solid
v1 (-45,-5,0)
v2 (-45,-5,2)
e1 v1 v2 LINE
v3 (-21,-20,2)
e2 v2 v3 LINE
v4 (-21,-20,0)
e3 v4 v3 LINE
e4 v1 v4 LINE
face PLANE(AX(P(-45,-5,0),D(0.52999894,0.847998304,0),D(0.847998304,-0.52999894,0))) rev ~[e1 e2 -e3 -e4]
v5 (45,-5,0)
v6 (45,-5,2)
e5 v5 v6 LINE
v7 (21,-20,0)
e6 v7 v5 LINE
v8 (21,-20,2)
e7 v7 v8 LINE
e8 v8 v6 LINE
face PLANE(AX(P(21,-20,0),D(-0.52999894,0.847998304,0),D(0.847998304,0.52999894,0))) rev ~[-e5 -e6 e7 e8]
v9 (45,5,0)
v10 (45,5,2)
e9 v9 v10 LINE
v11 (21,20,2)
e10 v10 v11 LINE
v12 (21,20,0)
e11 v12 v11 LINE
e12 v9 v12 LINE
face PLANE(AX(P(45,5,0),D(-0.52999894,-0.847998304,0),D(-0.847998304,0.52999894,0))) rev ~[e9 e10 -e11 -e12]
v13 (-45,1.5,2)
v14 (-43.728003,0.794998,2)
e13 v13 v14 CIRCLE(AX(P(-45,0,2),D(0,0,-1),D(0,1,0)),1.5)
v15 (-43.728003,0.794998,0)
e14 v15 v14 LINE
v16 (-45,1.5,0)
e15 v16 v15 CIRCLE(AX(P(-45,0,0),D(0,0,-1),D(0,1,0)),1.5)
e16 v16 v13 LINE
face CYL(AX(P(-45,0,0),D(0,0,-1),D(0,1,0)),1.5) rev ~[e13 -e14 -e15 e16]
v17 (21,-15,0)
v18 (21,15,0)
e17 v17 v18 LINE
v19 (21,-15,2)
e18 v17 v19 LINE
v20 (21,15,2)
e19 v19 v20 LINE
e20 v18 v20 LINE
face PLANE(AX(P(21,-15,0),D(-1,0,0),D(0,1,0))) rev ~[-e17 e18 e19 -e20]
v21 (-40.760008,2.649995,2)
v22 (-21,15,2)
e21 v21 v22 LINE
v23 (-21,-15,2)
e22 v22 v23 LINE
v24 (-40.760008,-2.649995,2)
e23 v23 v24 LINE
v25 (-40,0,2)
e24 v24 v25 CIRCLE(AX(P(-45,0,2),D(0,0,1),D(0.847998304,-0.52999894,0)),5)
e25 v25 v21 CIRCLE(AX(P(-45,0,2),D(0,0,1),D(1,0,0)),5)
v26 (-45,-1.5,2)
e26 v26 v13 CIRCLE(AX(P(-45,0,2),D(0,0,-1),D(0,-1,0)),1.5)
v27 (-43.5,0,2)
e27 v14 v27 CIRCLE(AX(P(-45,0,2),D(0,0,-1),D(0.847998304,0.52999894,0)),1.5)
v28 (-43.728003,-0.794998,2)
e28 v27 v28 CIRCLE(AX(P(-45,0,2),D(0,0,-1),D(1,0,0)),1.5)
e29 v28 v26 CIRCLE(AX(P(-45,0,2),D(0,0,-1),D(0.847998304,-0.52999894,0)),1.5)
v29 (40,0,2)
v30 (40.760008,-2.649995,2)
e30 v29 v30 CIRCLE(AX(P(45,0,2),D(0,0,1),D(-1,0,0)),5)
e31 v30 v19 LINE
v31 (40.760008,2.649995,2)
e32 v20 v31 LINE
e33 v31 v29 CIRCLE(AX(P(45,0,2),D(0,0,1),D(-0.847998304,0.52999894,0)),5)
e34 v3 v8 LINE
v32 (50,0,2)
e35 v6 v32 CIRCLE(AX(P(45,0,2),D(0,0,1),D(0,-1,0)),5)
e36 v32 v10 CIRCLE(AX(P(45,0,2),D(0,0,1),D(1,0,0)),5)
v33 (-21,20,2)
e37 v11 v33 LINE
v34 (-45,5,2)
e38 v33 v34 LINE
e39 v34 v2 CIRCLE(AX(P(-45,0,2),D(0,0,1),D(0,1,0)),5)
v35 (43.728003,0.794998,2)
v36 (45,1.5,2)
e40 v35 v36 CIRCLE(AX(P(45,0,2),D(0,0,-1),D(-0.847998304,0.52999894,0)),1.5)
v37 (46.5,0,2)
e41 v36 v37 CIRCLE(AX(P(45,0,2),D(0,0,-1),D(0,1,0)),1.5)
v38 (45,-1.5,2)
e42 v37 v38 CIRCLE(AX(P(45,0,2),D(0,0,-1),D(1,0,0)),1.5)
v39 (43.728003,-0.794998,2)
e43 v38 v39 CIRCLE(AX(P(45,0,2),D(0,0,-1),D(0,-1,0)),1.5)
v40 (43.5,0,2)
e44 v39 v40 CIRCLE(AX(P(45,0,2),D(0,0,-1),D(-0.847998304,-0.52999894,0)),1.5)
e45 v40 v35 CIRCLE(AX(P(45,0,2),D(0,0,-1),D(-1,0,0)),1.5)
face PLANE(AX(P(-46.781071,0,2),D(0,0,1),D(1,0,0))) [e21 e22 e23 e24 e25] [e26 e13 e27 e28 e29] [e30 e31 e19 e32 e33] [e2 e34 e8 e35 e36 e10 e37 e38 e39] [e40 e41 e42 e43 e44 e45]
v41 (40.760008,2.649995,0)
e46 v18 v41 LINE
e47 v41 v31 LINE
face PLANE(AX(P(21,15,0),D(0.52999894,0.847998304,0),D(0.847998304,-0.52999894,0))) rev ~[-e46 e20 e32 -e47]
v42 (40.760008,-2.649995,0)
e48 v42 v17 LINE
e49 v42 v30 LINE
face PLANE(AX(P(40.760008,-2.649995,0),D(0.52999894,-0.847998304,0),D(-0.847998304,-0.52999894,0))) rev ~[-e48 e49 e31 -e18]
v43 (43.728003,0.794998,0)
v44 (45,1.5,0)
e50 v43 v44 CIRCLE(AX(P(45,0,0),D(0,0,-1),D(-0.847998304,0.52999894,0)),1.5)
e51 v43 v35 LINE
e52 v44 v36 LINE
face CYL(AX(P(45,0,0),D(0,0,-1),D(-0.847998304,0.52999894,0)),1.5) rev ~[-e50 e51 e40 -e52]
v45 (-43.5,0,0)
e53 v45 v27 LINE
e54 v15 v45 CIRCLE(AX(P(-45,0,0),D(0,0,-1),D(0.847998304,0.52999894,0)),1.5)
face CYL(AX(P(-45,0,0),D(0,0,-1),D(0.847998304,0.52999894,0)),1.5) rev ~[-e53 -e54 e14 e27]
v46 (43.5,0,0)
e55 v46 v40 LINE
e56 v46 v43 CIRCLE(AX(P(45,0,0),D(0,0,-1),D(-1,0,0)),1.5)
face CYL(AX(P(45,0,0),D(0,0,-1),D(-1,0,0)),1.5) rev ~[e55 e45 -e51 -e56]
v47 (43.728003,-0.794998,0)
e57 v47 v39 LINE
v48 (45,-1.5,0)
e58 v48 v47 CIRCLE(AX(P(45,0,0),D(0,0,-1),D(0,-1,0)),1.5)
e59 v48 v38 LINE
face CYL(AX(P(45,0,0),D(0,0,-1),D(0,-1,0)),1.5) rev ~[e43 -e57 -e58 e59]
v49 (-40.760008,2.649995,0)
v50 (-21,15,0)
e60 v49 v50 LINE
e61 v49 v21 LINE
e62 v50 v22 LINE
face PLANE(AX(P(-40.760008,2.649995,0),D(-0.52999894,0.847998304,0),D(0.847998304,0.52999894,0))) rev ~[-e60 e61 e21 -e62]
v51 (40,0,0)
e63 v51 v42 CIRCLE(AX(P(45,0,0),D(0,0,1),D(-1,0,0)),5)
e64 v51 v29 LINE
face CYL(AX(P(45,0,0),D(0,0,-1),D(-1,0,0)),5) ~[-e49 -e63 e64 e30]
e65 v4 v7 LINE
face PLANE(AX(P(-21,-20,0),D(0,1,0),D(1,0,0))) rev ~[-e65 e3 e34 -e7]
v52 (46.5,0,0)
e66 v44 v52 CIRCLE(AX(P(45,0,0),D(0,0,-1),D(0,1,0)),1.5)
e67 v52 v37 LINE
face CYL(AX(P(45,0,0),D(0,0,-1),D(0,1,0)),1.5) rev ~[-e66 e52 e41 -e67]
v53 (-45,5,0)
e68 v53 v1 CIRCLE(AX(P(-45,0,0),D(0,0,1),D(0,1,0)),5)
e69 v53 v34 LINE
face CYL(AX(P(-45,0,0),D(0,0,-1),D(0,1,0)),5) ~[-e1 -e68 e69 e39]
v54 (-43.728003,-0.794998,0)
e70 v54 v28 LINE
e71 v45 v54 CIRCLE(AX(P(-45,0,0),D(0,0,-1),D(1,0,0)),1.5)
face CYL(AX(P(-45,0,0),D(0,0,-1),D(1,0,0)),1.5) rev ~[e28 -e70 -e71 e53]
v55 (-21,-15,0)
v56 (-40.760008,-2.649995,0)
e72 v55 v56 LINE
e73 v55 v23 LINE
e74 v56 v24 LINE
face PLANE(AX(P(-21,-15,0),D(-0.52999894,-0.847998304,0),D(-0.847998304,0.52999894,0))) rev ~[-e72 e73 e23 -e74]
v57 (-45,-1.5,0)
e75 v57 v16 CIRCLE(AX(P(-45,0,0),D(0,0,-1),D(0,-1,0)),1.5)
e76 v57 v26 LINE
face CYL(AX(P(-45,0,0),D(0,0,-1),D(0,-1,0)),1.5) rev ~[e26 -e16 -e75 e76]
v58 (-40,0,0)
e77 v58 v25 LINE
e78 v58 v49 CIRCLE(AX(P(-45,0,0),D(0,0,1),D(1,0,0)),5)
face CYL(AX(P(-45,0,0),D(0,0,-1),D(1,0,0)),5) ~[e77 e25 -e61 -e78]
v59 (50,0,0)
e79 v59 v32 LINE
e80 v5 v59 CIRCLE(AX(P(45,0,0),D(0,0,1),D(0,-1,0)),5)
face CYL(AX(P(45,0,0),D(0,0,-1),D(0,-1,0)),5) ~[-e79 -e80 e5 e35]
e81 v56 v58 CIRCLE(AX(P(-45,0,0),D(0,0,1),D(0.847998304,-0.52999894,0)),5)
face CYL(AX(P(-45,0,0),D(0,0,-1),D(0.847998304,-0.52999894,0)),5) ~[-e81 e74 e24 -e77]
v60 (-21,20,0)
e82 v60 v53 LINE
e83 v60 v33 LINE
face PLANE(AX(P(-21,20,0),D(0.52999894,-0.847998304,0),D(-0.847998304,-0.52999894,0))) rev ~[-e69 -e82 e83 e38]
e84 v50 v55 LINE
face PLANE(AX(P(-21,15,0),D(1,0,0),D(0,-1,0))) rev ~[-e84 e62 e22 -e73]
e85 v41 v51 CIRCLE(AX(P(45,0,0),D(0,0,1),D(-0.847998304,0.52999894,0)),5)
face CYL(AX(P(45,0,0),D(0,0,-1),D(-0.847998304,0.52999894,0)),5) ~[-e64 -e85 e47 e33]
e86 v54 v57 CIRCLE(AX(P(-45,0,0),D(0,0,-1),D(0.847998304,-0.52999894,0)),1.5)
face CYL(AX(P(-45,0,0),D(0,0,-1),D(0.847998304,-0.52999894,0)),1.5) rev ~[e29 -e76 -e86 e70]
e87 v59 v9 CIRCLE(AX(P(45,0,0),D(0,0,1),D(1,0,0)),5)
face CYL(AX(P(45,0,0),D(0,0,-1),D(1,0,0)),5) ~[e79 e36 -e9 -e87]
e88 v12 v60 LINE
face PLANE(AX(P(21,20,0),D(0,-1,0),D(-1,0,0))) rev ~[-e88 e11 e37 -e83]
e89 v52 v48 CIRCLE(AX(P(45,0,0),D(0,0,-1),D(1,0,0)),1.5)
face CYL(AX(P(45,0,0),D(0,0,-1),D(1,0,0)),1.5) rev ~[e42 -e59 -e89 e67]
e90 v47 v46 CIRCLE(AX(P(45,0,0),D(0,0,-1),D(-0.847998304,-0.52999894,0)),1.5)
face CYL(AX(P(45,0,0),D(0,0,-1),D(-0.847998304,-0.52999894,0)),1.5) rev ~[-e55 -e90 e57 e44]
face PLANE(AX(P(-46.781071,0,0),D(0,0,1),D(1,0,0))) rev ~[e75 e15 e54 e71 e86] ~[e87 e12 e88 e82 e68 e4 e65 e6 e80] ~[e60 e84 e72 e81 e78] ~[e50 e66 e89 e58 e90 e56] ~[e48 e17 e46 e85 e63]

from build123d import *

# Parameters (mm, degrees)
F0_W     = 6
F0_H     = 5
F0_W_2   = 30
F1_DEPTH = 2


with BuildPart() as f1:
    # F0 (on Top) → F1 (new body)
    with BuildSketch(Plane.XY):
        with BuildLine():
            ThreePointArc((-45, -1.5), (-46.5, 0), (-45, 1.5))
            Line((-45, 1.5), (-45, 5))
            ThreePointArc((-45, 5), (-50, 0), (-45, -5))
            Line((-45, -5), (-45, -1.5))
        make_face()
        with BuildLine():
            ThreePointArc((-45, 5), (-42.576157338, 4.3732124062), (-40.76000848, 2.6499947))
            Line((-40.76000848, 2.6499947), (-21, 15))
            Line((-21, 15), (-21, 20))
            Line((-21, 20), (-45, 5))
        make_face()
        with BuildLine():
            Line((-21, -15), (-40.76000848, -2.6499947))
            ThreePointArc((-40.76000848, -2.6499947), (-42.576157338, -4.3732124062), (-45, -5))
            Line((-45, -5), (-21, -20))
            Line((-21, -20), (-21, -15))
        make_face()
        with BuildLine():
            ThreePointArc((50, 0), (48.5355339059, 3.5355339059), (45, 5))
            Line((45, 5), (45, 1.5))
            ThreePointArc((45, 1.5), (46.0606601718, 1.0606601718), (46.5, 0))
            ThreePointArc((46.5, 0), (46.0606601718, -1.0606601718), (45, -1.5))
            Line((45, -1.5), (45, -5))
            ThreePointArc((45, -5), (48.5355339059, -3.5355339059), (50, 0))
        make_face()
        with BuildLine():
            Line((21, 20), (21, 15))
            Line((21, 15), (40.76000848, 2.6499947))
            ThreePointArc((40.76000848, 2.6499947), (42.576157338, 4.3732124062), (45, 5))
            Line((45, 5), (21, 20))
        make_face()
        with BuildLine():
            Line((40.76000848, -2.6499947), (21, -15))
            Line((21, -15), (21, -20))
            Line((21, -20), (45, -5))
            ThreePointArc((45, -5), (42.576157338, -4.3732124062), (40.76000848, -2.6499947))
        make_face()
        with Locations((-18, 17.5)):
            Rectangle(F0_W, F0_H)
        with Locations((0, 17.5)):
            Rectangle(F0_W_2, F0_H)
        with Locations((18, 17.5)):
            Rectangle(F0_W, F0_H)
        with BuildLine():
            ThreePointArc((-45, 1.5), (-44.2728472014, 1.3119637219), (-43.728002544, 0.79499841))
            Line((-43.728002544, 0.79499841), (-40.76000848, 2.6499947))
            ThreePointArc((-40.76000848, 2.6499947), (-42.576157338, 4.3732124062), (-45, 5))
            Line((-45, 5), (-45, 1.5))
        make_face()
        with BuildLine():
            Line((-40.76000848, -2.6499947), (-43.728002544, -0.79499841))
            ThreePointArc((-43.728002544, -0.79499841), (-44.2728472014, -1.3119637219), (-45, -1.5))
            Line((-45, -1.5), (-45, -5))
            ThreePointArc((-45, -5), (-42.576157338, -4.3732124062), (-40.76000848, -2.6499947))
        make_face()
        with BuildLine():
            ThreePointArc((45, 5), (42.576157338, 4.3732124062), (40.76000848, 2.6499947))
            Line((40.76000848, 2.6499947), (43.728002544, 0.79499841))
            ThreePointArc((43.728002544, 0.79499841), (44.2728472014, 1.3119637219), (45, 1.5))
            Line((45, 1.5), (45, 5))
        make_face()
        with BuildLine():
            Line((43.728002544, -0.79499841), (40.76000848, -2.6499947))
            ThreePointArc((40.76000848, -2.6499947), (42.576157338, -4.3732124062), (45, -5))
            Line((45, -5), (45, -1.5))
            ThreePointArc((45, -1.5), (44.2728472014, -1.3119637219), (43.728002544, -0.79499841))
        make_face()
        with Locations((-18, -17.5)):
            Rectangle(F0_W, F0_H)
        with Locations((18, -17.5)):
            Rectangle(F0_W, F0_H)
        with BuildLine():
            ThreePointArc((-43.728002544, 0.79499841), (-43.5581268808, 0.4135237696), (-43.5, 0))
            Line((-43.5, 0), (-40, 0))
            ThreePointArc((-40, 0), (-40.1937562692, 1.3784125652), (-40.76000848, 2.6499947))
            Line((-40.76000848, 2.6499947), (-43.728002544, 0.79499841))
        make_face()
        with BuildLine():
            Line((-40, 0), (-43.5, 0))
            ThreePointArc((-43.5, 0), (-43.5581268808, -0.4135237696), (-43.728002544, -0.79499841))
            Line((-43.728002544, -0.79499841), (-40.76000848, -2.6499947))
            ThreePointArc((-40.76000848, -2.6499947), (-40.1937562692, -1.3784125652), (-40, 0))
        make_face()
        with BuildLine():
            ThreePointArc((40.76000848, 2.6499947), (40.1937562692, 1.3784125652), (40, 0))
            Line((40, 0), (43.5, 0))
            ThreePointArc((43.5, 0), (43.5581268808, 0.4135237696), (43.728002544, 0.79499841))
            Line((43.728002544, 0.79499841), (40.76000848, 2.6499947))
        make_face()
        with BuildLine():
            Line((43.5, 0), (40, 0))
            ThreePointArc((40, 0), (40.1937562692, -1.3784125652), (40.76000848, -2.6499947))
            Line((40.76000848, -2.6499947), (43.728002544, -0.79499841))
            ThreePointArc((43.728002544, -0.79499841), (43.5581268808, -0.4135237696), (43.5, 0))
        make_face()
        Polygon((-21, 15), (-21, 0), (21, 0), (21, 15), (15, 15), (-15, 15), align=None)
        Polygon((21, 0), (-21, 0), (-21, -15), (-15, -15), (15, -15), (21, -15), align=None)
        with Locations((0, -17.5)):
            Rectangle(F0_W_2, F0_H)
    extrude(amount=F1_DEPTH)


solid = f1.part
